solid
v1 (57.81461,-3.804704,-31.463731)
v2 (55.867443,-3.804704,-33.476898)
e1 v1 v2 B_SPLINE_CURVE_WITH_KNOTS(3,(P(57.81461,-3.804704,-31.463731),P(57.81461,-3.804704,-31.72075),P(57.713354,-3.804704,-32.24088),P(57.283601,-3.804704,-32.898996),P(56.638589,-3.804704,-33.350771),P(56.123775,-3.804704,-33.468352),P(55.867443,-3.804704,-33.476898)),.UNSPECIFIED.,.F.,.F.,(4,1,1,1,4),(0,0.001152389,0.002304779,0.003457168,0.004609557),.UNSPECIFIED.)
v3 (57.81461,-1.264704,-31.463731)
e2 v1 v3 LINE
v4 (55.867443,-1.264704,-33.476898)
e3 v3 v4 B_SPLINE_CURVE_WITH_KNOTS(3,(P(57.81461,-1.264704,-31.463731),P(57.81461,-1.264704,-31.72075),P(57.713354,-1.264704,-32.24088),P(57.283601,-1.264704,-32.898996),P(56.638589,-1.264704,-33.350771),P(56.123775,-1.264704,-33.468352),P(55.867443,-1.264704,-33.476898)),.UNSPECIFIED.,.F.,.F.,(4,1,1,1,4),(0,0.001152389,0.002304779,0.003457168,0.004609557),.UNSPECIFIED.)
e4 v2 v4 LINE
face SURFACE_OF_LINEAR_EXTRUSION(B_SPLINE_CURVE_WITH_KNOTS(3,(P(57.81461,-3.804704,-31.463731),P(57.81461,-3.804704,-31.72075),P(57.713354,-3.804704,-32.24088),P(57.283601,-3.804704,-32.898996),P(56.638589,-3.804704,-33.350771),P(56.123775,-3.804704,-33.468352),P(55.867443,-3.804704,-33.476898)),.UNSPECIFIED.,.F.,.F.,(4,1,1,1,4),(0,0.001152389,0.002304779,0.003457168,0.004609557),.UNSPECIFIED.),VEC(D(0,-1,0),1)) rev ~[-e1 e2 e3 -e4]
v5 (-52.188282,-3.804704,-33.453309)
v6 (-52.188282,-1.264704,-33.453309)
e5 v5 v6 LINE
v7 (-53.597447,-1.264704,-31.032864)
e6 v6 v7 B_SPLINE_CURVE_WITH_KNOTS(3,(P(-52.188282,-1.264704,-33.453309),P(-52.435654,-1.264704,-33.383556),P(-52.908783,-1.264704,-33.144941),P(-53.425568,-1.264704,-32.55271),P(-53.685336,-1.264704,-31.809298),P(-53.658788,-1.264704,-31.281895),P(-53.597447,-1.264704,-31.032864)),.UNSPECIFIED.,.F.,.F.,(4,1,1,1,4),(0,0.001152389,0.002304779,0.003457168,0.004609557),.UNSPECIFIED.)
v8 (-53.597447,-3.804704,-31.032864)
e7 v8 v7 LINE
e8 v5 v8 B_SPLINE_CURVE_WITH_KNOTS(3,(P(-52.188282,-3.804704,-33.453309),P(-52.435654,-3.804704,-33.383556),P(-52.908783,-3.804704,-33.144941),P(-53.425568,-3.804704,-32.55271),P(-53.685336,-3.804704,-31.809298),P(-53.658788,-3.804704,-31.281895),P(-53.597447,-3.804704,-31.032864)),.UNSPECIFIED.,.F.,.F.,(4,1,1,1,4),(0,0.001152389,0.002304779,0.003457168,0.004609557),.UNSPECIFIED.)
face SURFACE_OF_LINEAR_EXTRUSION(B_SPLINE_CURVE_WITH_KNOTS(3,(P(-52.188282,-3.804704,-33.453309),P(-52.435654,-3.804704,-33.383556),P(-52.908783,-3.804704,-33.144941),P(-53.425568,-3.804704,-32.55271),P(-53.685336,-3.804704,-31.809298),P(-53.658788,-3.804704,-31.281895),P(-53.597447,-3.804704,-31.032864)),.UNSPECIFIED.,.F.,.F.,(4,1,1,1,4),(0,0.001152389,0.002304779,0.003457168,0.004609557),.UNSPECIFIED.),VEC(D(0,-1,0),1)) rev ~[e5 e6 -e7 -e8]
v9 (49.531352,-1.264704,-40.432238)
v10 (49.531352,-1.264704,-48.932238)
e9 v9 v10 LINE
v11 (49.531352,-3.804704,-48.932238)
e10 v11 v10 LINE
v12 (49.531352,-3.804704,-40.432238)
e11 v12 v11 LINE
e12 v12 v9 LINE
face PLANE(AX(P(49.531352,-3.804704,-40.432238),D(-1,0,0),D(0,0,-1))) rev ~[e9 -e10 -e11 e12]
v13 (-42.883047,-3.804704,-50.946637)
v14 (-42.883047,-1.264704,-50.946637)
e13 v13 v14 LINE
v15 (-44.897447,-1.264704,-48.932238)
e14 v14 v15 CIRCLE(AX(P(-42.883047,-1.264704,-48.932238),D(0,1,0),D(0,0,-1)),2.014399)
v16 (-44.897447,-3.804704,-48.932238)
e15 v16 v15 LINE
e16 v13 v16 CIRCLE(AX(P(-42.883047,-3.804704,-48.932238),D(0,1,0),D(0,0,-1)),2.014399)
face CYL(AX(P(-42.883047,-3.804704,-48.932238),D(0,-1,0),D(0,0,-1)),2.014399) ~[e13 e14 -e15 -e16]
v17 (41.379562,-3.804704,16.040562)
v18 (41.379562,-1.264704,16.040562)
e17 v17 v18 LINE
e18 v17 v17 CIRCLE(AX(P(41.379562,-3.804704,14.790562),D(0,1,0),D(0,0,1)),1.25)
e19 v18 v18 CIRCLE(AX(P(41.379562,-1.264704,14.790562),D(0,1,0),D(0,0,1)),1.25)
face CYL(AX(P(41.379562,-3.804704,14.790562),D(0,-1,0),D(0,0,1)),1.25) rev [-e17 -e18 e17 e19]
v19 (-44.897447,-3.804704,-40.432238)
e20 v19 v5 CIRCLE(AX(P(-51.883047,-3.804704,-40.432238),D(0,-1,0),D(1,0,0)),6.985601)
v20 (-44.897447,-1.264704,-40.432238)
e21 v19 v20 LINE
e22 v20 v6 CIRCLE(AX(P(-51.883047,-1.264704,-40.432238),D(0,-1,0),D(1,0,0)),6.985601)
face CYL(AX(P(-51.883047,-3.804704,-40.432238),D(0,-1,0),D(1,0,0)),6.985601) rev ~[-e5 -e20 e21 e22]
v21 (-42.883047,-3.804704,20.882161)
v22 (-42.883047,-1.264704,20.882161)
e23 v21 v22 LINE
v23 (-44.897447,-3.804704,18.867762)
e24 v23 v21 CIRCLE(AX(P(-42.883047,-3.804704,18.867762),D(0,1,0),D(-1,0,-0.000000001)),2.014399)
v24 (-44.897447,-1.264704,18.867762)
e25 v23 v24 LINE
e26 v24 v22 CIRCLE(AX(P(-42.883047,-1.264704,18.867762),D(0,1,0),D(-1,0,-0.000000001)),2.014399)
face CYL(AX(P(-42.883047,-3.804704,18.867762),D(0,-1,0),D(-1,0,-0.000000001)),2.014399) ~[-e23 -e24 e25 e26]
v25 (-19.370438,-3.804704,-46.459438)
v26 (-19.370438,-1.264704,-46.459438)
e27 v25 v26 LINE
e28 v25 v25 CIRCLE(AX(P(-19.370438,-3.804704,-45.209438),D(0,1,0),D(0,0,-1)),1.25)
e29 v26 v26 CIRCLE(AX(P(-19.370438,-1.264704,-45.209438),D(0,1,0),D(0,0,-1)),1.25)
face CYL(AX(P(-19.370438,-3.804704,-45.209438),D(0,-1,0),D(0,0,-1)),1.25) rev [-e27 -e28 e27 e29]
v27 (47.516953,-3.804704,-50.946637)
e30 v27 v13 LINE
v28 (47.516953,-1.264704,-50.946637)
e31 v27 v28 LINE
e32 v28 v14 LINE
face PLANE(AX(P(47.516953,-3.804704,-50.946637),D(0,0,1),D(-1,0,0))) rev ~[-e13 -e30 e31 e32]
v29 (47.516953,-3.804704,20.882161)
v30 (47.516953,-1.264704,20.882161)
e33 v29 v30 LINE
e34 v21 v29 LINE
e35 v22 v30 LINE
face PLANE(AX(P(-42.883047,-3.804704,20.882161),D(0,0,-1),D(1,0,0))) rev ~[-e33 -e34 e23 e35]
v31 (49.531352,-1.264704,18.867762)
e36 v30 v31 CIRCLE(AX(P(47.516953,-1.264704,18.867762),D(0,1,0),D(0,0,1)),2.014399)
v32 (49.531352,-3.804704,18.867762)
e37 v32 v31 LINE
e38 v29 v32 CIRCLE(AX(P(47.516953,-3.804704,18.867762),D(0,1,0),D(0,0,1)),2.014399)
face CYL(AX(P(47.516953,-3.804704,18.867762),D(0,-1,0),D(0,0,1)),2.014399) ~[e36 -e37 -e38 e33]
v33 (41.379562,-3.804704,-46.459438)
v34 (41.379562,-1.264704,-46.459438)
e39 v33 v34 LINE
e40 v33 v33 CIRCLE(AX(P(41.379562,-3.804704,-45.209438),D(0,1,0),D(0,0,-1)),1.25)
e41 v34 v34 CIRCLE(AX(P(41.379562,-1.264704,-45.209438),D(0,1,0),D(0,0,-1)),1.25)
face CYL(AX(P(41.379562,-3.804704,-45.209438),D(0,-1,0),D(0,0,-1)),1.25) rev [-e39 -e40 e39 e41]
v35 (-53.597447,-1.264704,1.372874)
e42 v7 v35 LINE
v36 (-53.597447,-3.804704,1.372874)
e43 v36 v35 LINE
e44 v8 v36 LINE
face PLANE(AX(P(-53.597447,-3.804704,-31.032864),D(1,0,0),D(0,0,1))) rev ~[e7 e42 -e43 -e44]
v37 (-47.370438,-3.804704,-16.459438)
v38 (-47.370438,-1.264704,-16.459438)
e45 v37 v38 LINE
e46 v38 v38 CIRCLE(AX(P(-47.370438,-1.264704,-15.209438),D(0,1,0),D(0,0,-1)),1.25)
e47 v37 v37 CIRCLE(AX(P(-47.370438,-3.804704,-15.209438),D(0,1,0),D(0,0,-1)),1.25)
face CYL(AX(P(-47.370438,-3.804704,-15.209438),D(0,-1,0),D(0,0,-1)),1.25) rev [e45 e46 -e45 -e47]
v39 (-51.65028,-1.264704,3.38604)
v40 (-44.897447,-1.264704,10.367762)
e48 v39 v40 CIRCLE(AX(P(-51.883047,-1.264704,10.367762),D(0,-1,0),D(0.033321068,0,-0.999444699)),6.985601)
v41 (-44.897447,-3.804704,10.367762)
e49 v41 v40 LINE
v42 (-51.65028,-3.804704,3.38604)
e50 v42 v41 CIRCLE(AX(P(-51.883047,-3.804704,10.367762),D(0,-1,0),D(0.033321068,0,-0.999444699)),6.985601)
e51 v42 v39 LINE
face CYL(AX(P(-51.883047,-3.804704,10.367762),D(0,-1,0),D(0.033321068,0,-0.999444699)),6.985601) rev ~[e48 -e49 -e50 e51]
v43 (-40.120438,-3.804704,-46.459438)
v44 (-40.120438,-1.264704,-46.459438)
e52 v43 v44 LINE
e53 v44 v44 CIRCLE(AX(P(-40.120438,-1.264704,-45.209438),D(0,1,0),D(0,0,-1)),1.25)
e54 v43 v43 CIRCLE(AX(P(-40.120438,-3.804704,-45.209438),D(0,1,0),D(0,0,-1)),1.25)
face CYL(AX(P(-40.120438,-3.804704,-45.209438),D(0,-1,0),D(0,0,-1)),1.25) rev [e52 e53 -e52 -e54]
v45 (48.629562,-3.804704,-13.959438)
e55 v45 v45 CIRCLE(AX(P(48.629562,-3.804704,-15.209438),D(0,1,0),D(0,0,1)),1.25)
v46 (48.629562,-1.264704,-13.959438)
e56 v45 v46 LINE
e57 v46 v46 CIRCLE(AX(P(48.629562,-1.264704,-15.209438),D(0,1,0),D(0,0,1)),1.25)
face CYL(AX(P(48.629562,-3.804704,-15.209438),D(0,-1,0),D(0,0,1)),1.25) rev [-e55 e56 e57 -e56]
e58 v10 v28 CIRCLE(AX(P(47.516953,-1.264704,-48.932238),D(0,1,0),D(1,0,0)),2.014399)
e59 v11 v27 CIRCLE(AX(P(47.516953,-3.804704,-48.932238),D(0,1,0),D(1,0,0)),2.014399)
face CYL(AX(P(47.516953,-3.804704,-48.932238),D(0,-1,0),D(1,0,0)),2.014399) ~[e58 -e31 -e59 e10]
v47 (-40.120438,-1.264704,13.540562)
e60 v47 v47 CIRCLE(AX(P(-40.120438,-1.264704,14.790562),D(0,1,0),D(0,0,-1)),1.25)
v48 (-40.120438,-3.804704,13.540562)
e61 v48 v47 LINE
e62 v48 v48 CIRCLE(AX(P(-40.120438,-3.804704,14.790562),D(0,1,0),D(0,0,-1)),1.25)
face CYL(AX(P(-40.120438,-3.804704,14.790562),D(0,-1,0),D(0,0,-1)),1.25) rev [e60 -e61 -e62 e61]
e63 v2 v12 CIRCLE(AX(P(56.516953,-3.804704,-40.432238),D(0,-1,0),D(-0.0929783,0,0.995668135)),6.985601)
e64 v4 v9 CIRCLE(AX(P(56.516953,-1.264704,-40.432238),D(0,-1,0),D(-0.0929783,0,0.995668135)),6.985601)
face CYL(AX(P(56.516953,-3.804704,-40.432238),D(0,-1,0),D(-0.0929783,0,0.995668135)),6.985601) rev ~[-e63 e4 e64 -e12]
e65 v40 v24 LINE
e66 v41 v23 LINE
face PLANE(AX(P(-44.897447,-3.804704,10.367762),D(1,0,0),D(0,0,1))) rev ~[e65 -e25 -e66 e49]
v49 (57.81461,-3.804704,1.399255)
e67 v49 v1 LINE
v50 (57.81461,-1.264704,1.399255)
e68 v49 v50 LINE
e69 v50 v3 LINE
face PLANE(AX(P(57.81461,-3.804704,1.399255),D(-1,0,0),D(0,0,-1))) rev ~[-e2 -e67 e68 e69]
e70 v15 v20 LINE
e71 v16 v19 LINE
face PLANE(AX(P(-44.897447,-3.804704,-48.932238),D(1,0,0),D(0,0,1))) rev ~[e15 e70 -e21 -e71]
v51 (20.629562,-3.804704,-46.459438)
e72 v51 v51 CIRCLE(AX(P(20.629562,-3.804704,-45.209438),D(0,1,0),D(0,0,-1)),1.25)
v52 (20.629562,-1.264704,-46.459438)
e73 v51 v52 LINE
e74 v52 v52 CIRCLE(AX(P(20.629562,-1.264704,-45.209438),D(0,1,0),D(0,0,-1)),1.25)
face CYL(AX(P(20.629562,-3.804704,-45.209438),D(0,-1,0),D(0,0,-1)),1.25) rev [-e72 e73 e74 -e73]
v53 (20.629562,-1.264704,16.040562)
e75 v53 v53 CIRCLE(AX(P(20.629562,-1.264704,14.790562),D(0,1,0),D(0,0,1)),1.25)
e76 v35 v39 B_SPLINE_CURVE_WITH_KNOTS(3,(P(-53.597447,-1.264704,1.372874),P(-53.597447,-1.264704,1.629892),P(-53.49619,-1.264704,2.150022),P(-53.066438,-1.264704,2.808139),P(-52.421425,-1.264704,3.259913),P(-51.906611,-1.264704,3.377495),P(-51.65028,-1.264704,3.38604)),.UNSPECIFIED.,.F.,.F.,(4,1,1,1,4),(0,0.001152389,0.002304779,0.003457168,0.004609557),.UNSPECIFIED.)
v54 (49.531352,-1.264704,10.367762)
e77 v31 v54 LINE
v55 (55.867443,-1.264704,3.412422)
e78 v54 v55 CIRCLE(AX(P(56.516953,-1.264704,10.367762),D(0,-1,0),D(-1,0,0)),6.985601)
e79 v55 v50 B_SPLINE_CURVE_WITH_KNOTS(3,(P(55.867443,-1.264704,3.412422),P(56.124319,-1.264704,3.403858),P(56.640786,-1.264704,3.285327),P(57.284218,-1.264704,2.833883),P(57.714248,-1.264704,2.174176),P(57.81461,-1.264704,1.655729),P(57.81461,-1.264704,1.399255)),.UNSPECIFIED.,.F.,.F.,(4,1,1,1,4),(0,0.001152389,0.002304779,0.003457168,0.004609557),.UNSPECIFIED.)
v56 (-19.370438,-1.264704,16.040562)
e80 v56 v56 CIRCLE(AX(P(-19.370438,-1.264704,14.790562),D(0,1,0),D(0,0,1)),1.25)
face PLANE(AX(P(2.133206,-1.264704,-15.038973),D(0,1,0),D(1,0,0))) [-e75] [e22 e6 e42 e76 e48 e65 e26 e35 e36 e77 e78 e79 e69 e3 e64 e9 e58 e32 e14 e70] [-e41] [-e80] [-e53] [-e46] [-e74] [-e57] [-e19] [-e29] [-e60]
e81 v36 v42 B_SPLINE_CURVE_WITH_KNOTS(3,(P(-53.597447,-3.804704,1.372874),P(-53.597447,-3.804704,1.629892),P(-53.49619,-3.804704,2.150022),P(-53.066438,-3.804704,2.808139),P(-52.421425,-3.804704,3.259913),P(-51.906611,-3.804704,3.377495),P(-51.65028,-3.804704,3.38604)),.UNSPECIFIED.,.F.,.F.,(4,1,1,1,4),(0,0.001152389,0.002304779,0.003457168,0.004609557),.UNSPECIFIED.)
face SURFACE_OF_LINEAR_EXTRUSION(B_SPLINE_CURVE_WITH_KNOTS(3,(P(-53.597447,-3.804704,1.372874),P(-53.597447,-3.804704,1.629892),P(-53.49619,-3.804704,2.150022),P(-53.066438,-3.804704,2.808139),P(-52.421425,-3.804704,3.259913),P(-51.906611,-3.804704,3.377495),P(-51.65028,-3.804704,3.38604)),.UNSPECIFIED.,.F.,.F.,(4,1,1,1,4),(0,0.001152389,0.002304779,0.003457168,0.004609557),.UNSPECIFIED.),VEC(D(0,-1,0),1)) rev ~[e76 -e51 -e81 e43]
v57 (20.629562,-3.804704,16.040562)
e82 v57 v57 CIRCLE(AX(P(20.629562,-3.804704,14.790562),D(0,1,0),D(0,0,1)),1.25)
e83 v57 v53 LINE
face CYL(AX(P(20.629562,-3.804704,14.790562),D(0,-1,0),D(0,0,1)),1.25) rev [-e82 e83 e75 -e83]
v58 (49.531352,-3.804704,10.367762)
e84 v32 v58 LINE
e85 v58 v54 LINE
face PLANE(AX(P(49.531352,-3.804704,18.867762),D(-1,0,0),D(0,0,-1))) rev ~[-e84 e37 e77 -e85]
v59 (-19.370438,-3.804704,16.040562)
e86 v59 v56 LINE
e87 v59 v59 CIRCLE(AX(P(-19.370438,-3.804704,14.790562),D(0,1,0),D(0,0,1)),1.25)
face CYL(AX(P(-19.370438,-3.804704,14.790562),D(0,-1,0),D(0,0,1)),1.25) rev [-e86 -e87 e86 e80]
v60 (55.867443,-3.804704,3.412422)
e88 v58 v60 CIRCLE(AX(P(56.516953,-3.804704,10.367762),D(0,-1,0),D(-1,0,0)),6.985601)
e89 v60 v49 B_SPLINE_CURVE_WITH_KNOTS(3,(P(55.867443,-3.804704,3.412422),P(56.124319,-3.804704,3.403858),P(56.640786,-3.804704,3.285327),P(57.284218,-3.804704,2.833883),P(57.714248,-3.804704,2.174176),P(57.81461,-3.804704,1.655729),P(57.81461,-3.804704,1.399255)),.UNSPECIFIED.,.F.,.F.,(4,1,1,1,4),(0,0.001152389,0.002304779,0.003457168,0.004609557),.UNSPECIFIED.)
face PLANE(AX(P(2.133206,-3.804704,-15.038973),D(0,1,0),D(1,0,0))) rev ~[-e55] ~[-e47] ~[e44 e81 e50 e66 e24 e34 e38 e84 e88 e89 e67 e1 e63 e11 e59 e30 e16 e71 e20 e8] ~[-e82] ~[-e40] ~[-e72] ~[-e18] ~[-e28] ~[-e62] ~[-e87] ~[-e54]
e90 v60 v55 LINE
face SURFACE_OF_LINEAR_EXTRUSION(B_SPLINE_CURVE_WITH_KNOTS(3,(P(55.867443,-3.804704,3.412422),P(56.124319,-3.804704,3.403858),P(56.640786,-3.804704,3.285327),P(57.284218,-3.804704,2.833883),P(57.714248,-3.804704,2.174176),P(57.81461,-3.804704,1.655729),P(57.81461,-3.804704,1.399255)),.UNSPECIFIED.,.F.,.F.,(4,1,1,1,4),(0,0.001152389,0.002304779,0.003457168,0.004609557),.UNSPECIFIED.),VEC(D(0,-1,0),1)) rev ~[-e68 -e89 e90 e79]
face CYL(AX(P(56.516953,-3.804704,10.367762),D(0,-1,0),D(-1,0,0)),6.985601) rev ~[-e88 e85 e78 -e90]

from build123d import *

# Parameters (mm, degrees)
BOSS_EXTRUDE2_DEPTH = 2.54


with BuildPart() as part:
    # Sketch1 → Boss-Extrude2 (new body)
    with BuildSketch(Plane(origin=(0, -3.804704038, 0), x_dir=(1, 0, 0), z_dir=(0, 1, 0))):
        with BuildLine():
            Line((57.814610393, -1.399255471), (57.814610393, 31.463731379))
            add(Edge.make_bspline(
                [(57.814610393, 31.463731379), (57.81461039, 31.720749656), (57.713354059, 32.24087993), (57.283601426, 32.898996274), (56.638589176, 33.350770599), (56.123774909, 33.468351967), (55.867443389, 33.476897959)],
                knots=[0, 0, 0, 0, 0.001152389, 0.002304779, 0.003457168, 0.004609557, 0.004609557, 0.004609557, 0.004609557], degree=3))
            ThreePointArc((55.867443389, 33.476897959), (51.352854042, 35.727909928), (49.531351994, 40.432237951))
            Line((49.531351994, 40.432237951), (49.531351994, 48.932237951))
            ThreePointArc((49.531351994, 48.932237951), (48.94134809, 50.356633378), (47.516952663, 50.946637283))
            Line((47.516952663, 50.946637283), (-42.883047337, 50.946637283))
            ThreePointArc((-42.883047337, 50.946637283), (-44.307442765, 50.356633378), (-44.897446669, 48.932237951))
            Line((-44.897446669, 48.932237951), (-44.897446669, 40.432237951))
            ThreePointArc((-44.897446669, 40.432237951), (-47.052603702, 35.385909486), (-52.188281684, 33.453309044))
            add(Edge.make_bspline(
                [(-52.188281684, 33.453309044), (-52.43565379, 33.383556369), (-52.908782875, 33.144941164), (-53.425568037, 32.552710177), (-53.685335706, 31.809298042), (-53.65878771, 31.281894674), (-53.597446669, 31.032864237)],
                knots=[0, 0, 0, 0, 0.001152389, 0.002304779, 0.003457168, 0.004609557, 0.004609557, 0.004609557, 0.004609557], degree=3))
            Line((-53.597446669, 31.032864237), (-53.597446669, -1.372873912))
            add(Edge.make_bspline(
                [(-53.597446669, -1.372873912), (-53.597446666, -1.629892189), (-53.496190335, -2.150022463), (-53.066437702, -2.808138807), (-52.421425452, -3.259913132), (-51.906611185, -3.3774945), (-51.650279665, -3.386040492)],
                knots=[0, 0, 0, 0, 0.001152389, 0.002304779, 0.003457168, 0.004609557, 0.004609557, 0.004609557, 0.004609557], degree=3))
            ThreePointArc((-51.650279665, -3.386040492), (-46.861860291, -5.511189457), (-44.897446669, -10.367762049))
            Line((-44.897446669, -10.367762049), (-44.897446669, -18.867762049))
            ThreePointArc((-44.897446669, -18.867762049), (-44.307442765, -20.292157477), (-42.883047337, -20.882161381))
            Line((-42.883047337, -20.882161381), (47.516952663, -20.882161381))
            ThreePointArc((47.516952663, -20.882161381), (48.94134809, -20.292157477), (49.531351994, -18.867762049))
            Line((49.531351994, -18.867762049), (49.531351994, -10.367762049))
            ThreePointArc((49.531351994, -10.367762049), (51.352854045, -5.663434025), (55.867443396, -3.412422057))
            add(Edge.make_bspline(
                [(55.867443396, -3.412422057), (56.12431895, -3.403857932), (56.640786427, -3.285326537), (57.284217505, -2.833883412), (57.714248467, -2.174175738), (57.814610385, -1.655729411), (57.814610393, -1.399255471)],
                knots=[0, 0, 0, 0, 0.001152389, 0.002304779, 0.003457168, 0.004609557, 0.004609557, 0.004609557, 0.004609557], degree=3))
        make_face()
        with BuildLine():
            ThreePointArc((20.629561635, 43.959437934), (21.879561635, 45.209437934), (20.629561635, 46.459437934))
            ThreePointArc((20.629561635, 46.459437934), (19.379561635, 45.209437934), (20.629561635, 43.959437934))
        make_face(mode=Mode.SUBTRACT)
        with BuildLine():
            ThreePointArc((41.379561635, 43.959437934), (42.629561635, 45.209437934), (41.379561635, 46.459437934))
            ThreePointArc((41.379561635, 46.459437934), (40.129561635, 45.209437934), (41.379561635, 43.959437934))
        make_face(mode=Mode.SUBTRACT)
        with BuildLine():
            ThreePointArc((48.629561635, 16.459437934), (47.379561635, 15.209437934), (48.629561635, 13.959437934))
            ThreePointArc((48.629561635, 13.959437934), (49.879561635, 15.209437934), (48.629561635, 16.459437934))
        make_face(mode=Mode.SUBTRACT)
        with BuildLine():
            ThreePointArc((41.379561635, -13.540562066), (40.129561635, -14.790562066), (41.379561635, -16.040562066))
            ThreePointArc((41.379561635, -16.040562066), (42.629561635, -14.790562066), (41.379561635, -13.540562066))
        make_face(mode=Mode.SUBTRACT)
        with BuildLine():
            ThreePointArc((20.629561635, -13.540562066), (19.379561635, -14.790562066), (20.629561635, -16.040562066))
            ThreePointArc((20.629561635, -16.040562066), (21.879561635, -14.790562066), (20.629561635, -13.540562066))
        make_face(mode=Mode.SUBTRACT)
        with BuildLine():
            ThreePointArc((-19.370438365, -13.540562066), (-20.620438365, -14.790562066), (-19.370438365, -16.040562066))
            ThreePointArc((-19.370438365, -16.040562066), (-18.120438365, -14.790562066), (-19.370438365, -13.540562066))
        make_face(mode=Mode.SUBTRACT)
        with BuildLine():
            ThreePointArc((-40.120438365, -16.040562066), (-38.870438365, -14.790562066), (-40.120438365, -13.540562066))
            ThreePointArc((-40.120438365, -13.540562066), (-41.370438365, -14.790562066), (-40.120438365, -16.040562066))
        make_face(mode=Mode.SUBTRACT)
        with BuildLine():
            ThreePointArc((-47.370438365, 13.959437934), (-46.120438365, 15.209437934), (-47.370438365, 16.459437934))
            ThreePointArc((-47.370438365, 16.459437934), (-48.620438365, 15.209437934), (-47.370438365, 13.959437934))
        make_face(mode=Mode.SUBTRACT)
        with BuildLine():
            ThreePointArc((-40.120438365, 43.959437934), (-38.870438365, 45.209437934), (-40.120438365, 46.459437934))
            ThreePointArc((-40.120438365, 46.459437934), (-41.370438365, 45.209437934), (-40.120438365, 43.959437934))
        make_face(mode=Mode.SUBTRACT)
        with BuildLine():
            ThreePointArc((-19.370438365, 43.959437934), (-18.120438365, 45.209437934), (-19.370438365, 46.459437934))
            ThreePointArc((-19.370438365, 46.459437934), (-20.620438365, 45.209437934), (-19.370438365, 43.959437934))
        make_face(mode=Mode.SUBTRACT)
    extrude(amount=BOSS_EXTRUDE2_DEPTH)


solid = part.part
